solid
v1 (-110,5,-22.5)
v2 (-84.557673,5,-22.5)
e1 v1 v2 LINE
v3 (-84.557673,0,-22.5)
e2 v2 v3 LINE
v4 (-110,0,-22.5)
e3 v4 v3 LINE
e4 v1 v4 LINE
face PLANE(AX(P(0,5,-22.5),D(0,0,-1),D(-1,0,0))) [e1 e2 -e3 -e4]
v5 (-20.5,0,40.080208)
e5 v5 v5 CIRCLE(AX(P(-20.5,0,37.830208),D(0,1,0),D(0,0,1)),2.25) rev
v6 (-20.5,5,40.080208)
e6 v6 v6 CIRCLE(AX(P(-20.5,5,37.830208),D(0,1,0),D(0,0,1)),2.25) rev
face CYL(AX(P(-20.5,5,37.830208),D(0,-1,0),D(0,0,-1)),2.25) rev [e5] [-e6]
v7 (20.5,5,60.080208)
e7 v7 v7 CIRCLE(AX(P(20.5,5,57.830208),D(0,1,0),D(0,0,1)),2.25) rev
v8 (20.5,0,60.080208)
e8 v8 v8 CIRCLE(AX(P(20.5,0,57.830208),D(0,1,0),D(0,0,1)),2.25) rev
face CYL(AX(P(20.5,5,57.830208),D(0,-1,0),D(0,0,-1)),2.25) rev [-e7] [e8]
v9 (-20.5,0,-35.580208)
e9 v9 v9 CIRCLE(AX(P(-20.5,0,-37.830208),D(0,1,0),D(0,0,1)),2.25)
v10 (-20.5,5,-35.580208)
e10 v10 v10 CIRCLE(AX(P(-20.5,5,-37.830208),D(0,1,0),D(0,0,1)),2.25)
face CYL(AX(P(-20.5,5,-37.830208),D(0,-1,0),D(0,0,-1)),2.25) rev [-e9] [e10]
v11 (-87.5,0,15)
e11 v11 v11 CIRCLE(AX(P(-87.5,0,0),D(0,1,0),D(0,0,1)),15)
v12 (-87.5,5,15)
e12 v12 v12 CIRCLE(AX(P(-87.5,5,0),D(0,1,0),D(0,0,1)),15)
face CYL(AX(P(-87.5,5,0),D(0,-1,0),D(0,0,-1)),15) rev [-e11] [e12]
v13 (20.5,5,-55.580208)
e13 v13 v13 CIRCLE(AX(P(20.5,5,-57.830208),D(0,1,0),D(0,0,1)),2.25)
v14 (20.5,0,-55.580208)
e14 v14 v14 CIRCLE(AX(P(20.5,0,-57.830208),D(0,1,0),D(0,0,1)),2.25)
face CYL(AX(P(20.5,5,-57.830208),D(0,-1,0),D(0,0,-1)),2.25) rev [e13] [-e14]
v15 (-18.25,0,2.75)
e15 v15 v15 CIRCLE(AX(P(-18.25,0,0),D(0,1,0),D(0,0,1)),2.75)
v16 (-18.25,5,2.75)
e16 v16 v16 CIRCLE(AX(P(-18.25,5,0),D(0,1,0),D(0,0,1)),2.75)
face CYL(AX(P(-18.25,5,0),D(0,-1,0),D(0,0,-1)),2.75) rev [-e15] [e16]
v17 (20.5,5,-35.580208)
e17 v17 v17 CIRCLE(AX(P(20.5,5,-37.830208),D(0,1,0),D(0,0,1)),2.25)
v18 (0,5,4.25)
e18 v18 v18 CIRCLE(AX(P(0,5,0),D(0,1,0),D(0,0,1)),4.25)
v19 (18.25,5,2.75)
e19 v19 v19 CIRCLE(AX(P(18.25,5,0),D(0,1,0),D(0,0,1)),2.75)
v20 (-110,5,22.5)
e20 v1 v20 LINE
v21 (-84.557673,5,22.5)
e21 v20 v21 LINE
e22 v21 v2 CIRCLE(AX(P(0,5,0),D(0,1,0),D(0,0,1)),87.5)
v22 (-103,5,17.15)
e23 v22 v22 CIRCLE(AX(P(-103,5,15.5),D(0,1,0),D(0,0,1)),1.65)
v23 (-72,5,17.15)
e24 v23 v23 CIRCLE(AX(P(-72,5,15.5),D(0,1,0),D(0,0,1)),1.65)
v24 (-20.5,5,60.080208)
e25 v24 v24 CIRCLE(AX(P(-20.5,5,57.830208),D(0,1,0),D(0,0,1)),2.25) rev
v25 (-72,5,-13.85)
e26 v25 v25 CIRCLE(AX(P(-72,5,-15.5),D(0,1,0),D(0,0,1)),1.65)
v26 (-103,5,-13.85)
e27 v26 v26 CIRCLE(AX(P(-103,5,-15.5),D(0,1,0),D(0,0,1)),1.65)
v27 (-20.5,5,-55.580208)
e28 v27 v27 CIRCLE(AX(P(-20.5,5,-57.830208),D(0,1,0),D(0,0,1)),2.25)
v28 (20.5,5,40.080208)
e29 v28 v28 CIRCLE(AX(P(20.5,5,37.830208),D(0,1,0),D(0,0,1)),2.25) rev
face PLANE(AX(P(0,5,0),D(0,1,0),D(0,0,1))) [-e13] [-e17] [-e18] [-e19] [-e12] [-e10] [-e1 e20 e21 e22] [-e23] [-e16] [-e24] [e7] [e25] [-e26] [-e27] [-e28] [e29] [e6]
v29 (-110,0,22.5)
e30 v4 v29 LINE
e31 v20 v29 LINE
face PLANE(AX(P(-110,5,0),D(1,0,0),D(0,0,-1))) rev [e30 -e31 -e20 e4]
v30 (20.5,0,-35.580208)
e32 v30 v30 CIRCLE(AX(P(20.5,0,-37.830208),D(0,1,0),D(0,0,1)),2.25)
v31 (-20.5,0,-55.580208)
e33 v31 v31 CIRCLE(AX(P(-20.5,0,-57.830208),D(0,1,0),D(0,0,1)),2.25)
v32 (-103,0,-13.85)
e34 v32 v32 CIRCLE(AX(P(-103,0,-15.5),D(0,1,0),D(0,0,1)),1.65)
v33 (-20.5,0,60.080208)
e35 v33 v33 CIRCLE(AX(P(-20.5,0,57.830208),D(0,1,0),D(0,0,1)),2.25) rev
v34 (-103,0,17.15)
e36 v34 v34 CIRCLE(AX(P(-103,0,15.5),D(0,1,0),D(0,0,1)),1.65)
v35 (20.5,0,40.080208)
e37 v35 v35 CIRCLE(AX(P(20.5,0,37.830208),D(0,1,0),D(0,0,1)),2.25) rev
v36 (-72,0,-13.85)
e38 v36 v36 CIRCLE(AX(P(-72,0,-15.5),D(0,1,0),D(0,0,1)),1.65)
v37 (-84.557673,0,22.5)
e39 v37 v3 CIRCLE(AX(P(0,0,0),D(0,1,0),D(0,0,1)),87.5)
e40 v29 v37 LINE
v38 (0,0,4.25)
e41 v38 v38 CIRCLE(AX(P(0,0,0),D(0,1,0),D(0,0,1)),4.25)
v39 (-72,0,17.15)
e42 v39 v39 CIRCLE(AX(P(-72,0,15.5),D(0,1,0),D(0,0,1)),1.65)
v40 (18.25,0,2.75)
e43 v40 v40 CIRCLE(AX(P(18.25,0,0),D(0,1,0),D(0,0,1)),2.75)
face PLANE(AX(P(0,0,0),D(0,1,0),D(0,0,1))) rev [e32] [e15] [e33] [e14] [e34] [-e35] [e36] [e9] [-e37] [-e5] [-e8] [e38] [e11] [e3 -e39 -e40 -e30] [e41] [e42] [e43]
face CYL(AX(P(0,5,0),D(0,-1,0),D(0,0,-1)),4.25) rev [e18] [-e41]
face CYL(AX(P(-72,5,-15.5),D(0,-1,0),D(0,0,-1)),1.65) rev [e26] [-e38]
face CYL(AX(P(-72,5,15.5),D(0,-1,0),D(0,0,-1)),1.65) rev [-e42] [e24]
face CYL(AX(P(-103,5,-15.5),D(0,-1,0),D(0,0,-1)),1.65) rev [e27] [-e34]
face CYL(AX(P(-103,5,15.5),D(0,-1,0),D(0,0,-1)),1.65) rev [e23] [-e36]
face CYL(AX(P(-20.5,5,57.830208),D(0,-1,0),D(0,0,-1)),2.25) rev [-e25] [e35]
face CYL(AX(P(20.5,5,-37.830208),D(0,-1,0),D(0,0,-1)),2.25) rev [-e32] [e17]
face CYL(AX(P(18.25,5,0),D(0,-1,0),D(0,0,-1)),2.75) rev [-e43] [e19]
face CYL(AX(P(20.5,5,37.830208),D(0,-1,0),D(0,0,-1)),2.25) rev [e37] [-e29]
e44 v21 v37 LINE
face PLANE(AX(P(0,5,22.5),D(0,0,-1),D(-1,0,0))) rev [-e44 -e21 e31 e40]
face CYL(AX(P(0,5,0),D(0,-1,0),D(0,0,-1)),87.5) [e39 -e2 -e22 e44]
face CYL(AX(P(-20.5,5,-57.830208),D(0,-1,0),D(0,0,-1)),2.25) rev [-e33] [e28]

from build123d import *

# Parameters (mm, degrees)
SKETCH2_R           = 1.65
SKETCH2_R_2         = 2.25
SKETCH2_R_3         = 15
SKETCH2_R_4         = 2.75
SKETCH2_R_5         = 4.25
BOSS_EXTRUDE3_DEPTH = 5


with BuildPart() as part:
    # Sketch2 → Boss-Extrude3 (new body)
    with BuildSketch(Plane(origin=(0, 0, 0), x_dir=(1, 0, 0), z_dir=(0, 1, 0))):
        with BuildLine():
            Line((-84.557672626, 22.5), (-110, 22.5))
            Line((-110, 22.5), (-110, -22.5))
            Line((-110, -22.5), (-84.557672626, -22.5))
            ThreePointArc((-84.557672626, -22.5), (87.5, 0), (-84.557672626, 22.5))
        make_face()
        with Locations((-103, -15.5)):
            Circle(SKETCH2_R, mode=Mode.SUBTRACT)
        with Locations((-72, -15.5)):
            Circle(SKETCH2_R, mode=Mode.SUBTRACT)
        with Locations((-20.5, -57.830207885)):
            Circle(SKETCH2_R_2, mode=Mode.SUBTRACT)
        with Locations((-20.5, -37.830207885)):
            Circle(SKETCH2_R_2, mode=Mode.SUBTRACT)
        with Locations((20.5, -37.830207885)):
            Circle(SKETCH2_R_2, mode=Mode.SUBTRACT)
        with Locations((-87.5, 0)):
            Circle(SKETCH2_R_3, mode=Mode.SUBTRACT)
        with Locations((-103, 15.5)):
            Circle(SKETCH2_R, mode=Mode.SUBTRACT)
        with Locations((-72, 15.5)):
            Circle(SKETCH2_R, mode=Mode.SUBTRACT)
        with Locations((-18.25, 0)):
            Circle(SKETCH2_R_4, mode=Mode.SUBTRACT)
        Circle(SKETCH2_R_5, mode=Mode.SUBTRACT)
        with Locations((18.25, 0)):
            Circle(SKETCH2_R_4, mode=Mode.SUBTRACT)
        with Locations((-20.5, 37.830207885)):
            Circle(SKETCH2_R_2, mode=Mode.SUBTRACT)
        with Locations((-20.5, 57.830207885)):
            Circle(SKETCH2_R_2, mode=Mode.SUBTRACT)
        with Locations((20.5, 37.830207885)):
            Circle(SKETCH2_R_2, mode=Mode.SUBTRACT)
        with Locations((20.5, 57.830207885)):
            Circle(SKETCH2_R_2, mode=Mode.SUBTRACT)
        with Locations((20.5, -57.830207885)):
            Circle(SKETCH2_R_2, mode=Mode.SUBTRACT)
    extrude(amount=BOSS_EXTRUDE3_DEPTH)


solid = part.part
